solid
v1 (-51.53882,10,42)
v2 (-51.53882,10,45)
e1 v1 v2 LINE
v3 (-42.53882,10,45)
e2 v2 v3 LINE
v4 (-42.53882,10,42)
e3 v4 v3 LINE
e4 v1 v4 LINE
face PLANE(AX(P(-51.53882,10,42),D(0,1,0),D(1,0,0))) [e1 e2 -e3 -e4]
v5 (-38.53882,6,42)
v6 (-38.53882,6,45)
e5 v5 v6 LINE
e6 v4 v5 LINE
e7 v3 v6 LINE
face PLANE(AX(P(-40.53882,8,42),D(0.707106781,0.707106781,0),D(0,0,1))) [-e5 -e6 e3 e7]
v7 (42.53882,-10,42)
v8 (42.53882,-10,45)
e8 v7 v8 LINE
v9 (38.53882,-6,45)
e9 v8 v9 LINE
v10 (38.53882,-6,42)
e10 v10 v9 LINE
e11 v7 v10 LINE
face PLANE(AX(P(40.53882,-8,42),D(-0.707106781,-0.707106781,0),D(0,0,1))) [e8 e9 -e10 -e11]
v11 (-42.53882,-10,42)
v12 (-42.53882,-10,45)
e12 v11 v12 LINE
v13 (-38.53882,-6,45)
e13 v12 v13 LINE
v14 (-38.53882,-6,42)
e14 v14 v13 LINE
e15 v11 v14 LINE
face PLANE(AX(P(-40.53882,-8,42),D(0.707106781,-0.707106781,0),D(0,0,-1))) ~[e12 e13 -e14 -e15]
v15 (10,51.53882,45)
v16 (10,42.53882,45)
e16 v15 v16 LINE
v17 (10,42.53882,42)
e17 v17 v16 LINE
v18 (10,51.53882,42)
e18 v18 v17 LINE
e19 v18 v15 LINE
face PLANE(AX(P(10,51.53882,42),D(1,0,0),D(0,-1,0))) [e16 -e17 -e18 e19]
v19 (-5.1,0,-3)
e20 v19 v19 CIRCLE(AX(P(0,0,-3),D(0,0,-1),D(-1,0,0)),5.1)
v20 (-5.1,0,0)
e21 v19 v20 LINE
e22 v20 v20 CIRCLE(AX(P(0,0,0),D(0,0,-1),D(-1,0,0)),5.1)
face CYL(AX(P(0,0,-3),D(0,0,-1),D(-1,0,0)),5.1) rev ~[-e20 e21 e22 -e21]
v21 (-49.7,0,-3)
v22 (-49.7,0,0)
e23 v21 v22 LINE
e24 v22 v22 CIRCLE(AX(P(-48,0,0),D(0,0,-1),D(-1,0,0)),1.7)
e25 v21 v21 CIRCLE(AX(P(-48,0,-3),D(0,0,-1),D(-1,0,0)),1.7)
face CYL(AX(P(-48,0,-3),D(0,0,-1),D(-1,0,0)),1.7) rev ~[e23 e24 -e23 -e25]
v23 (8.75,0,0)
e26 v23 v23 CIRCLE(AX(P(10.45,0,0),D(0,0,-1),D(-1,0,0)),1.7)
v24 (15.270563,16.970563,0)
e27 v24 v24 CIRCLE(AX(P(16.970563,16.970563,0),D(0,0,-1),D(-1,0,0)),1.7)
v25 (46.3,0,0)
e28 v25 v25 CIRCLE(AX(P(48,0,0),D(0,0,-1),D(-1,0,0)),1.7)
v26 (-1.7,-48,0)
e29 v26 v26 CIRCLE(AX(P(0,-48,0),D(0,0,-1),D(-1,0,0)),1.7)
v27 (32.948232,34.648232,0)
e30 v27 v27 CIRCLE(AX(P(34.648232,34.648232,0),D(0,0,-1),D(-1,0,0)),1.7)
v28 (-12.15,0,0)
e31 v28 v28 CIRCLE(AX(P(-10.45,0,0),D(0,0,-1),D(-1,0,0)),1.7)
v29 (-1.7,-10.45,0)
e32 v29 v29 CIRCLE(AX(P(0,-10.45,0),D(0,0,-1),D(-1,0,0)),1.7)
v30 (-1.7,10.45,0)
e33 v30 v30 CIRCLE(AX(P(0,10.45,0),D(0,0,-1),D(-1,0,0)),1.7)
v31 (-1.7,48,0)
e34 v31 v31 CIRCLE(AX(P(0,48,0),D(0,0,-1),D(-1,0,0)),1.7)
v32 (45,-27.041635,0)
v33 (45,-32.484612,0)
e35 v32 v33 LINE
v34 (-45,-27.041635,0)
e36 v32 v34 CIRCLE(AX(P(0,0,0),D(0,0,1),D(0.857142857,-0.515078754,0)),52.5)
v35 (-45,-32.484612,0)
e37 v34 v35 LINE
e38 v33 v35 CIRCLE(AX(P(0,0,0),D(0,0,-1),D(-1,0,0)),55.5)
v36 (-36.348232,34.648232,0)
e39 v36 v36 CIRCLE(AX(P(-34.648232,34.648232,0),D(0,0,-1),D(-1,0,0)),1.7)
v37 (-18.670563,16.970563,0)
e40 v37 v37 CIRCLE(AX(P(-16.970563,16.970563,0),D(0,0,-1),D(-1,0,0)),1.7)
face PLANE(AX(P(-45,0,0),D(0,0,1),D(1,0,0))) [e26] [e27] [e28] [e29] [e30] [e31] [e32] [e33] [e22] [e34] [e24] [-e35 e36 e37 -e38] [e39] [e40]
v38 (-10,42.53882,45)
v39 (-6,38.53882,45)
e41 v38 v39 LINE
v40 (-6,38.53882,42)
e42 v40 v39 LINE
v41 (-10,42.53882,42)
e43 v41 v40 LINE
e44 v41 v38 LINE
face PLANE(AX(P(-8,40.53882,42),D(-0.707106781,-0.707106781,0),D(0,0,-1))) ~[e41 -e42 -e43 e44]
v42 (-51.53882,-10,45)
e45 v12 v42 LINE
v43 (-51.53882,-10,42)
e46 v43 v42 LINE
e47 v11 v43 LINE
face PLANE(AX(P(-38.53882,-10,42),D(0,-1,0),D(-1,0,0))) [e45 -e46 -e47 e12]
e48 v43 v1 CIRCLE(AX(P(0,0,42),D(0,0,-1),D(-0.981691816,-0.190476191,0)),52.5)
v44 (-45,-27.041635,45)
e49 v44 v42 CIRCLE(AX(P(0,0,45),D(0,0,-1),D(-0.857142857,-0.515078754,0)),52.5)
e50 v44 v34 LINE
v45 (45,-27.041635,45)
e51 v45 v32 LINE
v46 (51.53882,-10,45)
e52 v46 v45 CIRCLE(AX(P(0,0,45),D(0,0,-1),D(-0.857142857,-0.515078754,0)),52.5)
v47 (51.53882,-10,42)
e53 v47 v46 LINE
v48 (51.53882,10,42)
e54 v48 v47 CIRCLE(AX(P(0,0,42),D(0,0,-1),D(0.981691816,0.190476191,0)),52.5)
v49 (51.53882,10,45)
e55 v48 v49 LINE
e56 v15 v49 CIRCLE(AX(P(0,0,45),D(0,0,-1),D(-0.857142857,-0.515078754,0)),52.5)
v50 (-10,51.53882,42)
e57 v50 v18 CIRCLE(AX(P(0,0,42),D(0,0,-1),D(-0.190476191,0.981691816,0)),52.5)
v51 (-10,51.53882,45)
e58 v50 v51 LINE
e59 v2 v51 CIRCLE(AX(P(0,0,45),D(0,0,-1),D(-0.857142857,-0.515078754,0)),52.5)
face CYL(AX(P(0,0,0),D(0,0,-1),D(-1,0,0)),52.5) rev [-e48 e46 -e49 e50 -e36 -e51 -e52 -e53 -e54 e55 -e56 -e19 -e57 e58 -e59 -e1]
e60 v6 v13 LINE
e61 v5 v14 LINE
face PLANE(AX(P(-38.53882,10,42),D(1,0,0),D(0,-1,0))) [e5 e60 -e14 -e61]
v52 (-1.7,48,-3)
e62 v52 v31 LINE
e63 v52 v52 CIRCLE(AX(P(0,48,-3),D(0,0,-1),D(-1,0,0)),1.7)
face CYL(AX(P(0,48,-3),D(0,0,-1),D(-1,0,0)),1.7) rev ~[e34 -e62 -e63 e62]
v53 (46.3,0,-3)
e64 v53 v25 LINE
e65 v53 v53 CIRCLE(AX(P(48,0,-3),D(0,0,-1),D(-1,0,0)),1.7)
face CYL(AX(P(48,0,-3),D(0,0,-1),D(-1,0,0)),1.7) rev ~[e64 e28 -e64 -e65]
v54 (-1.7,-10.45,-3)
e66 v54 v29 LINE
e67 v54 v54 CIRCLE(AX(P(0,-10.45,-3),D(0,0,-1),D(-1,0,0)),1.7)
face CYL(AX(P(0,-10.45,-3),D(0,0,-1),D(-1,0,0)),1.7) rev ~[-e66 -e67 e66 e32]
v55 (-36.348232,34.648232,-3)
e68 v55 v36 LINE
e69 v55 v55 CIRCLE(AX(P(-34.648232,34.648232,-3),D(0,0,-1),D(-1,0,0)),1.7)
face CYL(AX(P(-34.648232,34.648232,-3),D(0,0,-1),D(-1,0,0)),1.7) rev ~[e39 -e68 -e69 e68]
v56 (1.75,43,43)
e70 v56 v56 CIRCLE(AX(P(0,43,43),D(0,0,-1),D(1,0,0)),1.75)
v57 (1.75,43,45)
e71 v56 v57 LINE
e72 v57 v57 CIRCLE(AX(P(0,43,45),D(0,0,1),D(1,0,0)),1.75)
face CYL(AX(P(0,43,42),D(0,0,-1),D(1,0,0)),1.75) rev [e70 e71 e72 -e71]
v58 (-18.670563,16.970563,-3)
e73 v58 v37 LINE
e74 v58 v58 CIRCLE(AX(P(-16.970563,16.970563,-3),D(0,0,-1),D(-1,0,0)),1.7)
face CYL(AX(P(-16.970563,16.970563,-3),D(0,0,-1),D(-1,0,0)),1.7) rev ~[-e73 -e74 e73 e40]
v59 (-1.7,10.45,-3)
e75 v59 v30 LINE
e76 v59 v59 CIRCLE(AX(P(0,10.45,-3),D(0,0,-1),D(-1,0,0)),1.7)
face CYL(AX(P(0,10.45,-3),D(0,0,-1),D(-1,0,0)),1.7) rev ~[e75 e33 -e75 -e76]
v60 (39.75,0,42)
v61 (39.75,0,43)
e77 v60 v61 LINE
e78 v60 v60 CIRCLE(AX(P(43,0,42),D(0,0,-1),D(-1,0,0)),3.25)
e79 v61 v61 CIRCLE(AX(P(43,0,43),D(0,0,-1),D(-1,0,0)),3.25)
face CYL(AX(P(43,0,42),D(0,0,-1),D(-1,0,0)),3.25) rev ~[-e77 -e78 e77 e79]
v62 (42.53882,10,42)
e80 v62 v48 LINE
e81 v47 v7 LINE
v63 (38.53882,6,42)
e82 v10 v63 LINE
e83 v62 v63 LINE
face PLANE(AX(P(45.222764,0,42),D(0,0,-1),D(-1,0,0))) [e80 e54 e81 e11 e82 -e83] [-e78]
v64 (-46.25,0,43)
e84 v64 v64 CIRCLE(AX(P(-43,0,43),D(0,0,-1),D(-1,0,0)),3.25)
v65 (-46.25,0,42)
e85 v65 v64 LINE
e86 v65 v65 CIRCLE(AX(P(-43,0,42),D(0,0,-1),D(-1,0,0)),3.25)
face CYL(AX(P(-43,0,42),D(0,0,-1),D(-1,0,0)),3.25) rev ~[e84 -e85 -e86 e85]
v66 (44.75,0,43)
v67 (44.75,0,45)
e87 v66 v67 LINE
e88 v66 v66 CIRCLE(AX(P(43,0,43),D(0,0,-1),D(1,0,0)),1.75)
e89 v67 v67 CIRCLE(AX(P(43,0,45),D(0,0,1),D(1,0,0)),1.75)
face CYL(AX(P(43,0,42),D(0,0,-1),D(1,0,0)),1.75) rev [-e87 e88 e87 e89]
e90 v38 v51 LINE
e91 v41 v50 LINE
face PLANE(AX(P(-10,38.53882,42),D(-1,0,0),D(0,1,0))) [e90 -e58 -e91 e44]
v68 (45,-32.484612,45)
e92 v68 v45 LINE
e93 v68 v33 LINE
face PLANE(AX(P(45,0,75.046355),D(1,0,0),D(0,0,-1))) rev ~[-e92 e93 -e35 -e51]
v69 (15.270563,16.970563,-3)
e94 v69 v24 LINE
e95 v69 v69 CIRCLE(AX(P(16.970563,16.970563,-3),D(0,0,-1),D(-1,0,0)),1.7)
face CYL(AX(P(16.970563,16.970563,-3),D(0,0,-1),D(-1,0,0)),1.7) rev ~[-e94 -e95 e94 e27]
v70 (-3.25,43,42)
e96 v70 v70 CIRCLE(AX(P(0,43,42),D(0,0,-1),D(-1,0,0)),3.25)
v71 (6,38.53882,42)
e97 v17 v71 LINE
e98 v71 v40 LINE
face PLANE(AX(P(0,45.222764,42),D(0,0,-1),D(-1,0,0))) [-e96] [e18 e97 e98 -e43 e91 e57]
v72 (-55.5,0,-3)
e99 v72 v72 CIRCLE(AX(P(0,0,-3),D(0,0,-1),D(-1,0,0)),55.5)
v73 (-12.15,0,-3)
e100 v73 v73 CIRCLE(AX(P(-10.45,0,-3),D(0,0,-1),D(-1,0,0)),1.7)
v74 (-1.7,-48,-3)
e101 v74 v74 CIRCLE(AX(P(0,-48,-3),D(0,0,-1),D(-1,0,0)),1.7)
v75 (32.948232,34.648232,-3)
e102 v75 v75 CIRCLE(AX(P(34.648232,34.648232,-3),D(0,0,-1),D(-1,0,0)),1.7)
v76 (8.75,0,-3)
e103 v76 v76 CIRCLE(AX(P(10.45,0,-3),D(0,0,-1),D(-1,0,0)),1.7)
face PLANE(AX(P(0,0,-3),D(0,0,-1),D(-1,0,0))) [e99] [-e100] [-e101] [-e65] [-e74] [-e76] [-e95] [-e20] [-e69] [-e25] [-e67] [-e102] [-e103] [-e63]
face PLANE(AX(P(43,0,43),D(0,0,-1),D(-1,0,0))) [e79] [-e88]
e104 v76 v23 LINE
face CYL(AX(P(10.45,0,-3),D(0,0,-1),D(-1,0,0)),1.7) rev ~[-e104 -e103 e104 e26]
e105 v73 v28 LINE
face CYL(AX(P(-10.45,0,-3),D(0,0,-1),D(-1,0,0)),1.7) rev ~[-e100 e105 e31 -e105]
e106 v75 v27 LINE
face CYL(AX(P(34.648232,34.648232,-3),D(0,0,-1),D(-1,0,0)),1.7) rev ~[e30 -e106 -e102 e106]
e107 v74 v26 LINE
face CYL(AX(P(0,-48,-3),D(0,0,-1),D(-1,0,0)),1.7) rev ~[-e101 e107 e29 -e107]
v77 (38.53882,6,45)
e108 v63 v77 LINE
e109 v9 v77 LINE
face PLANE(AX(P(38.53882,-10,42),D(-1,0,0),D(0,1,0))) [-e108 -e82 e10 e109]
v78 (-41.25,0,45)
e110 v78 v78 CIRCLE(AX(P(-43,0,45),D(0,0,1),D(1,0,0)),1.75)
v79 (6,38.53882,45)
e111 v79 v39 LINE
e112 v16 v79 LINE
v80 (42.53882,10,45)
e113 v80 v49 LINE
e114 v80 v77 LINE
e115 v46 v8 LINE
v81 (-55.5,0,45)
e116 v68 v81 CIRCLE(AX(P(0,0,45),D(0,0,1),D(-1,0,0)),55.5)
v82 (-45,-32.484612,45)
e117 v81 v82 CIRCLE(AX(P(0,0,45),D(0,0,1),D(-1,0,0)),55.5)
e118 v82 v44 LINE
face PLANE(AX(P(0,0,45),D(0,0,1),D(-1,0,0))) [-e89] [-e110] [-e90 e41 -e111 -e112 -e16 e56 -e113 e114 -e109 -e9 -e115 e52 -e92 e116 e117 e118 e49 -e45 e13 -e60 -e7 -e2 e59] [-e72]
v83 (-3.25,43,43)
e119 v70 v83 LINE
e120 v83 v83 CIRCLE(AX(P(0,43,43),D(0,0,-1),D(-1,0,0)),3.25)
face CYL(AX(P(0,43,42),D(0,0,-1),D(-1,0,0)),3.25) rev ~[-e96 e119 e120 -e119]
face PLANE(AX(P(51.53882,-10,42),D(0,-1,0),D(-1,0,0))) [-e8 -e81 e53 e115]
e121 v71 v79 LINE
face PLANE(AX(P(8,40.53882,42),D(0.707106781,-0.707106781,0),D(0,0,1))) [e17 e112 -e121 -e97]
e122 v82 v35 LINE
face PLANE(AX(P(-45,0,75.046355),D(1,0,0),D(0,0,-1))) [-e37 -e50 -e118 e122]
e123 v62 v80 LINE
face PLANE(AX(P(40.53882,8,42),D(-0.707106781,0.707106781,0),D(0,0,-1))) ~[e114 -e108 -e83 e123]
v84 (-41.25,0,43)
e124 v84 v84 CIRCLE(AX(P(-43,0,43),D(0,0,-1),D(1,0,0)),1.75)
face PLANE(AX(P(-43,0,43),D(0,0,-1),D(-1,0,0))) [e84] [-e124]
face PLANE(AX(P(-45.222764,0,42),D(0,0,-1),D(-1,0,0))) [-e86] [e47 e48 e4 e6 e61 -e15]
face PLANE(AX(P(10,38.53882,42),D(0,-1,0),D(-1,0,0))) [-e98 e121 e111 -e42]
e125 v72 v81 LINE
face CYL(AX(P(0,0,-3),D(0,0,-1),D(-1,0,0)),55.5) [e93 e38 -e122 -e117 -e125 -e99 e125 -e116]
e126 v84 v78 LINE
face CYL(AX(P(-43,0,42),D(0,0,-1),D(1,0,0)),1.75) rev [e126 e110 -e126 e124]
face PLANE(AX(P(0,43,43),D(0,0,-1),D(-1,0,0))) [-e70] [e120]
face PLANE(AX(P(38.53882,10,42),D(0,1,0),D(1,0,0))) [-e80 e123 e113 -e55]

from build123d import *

# Parameters (mm, degrees)
SKETCH1_R           = 55.5
SKETCH1_R_2         = 52.5
BOSS_EXTRUDE1_DEPTH = 45
BOSS_EXTRUDE2_START = 3
SKETCH2_R           = 55.5
SKETCH2_R_2         = 5.1
SKETCH2_R_3         = 1.7
BOSS_EXTRUDE2_DEPTH = 3
SKETCH3_W           = 90
SKETCH3_H           = 75.046354864
CUT_EXTRUDE1_DEPTH  = 91.4737531
BOSS_EXTRUDE3_START = -3
SKETCH4_R           = 1.75
BOSS_EXTRUDE3_DEPTH = 3
CHAMFER1_SIZE       = 4
SKETCH8_R           = 1.7
CUT_EXTRUDE2_DEPTH  = 10
SKETCH9_R           = 3.25
CUT_EXTRUDE3_DEPTH  = 1


with BuildPart() as part:
    # Sketch1 → Boss-Extrude1 (new body)
    with BuildSketch(Plane.XY):
        with Locations(Location((0, 0, 0), (0, 0, 180))):
            Circle(SKETCH1_R)
        with Locations(Location((0, 0, 0), (0, 0, 180))):
            Circle(SKETCH1_R_2, mode=Mode.SUBTRACT)
    extrude(amount=BOSS_EXTRUDE1_DEPTH)

    # Sketch2 → Boss-Extrude2 (add)
    with BuildSketch(Plane(origin=(0, 0, 0), x_dir=(-1, 0, 0), z_dir=(0, 0, -1)).offset(BOSS_EXTRUDE2_START)):
        Circle(SKETCH2_R)
        Circle(SKETCH2_R_2, mode=Mode.SUBTRACT)
        with Locations((-10.45, 0)):
            Circle(SKETCH2_R_3, mode=Mode.SUBTRACT)
        with Locations((10.45, 0)):
            Circle(SKETCH2_R_3, mode=Mode.SUBTRACT)
        with Locations((0, 10.45)):
            Circle(SKETCH2_R_3, mode=Mode.SUBTRACT)
        with Locations((0, -10.45)):
            Circle(SKETCH2_R_3, mode=Mode.SUBTRACT)
    extrude(amount=-BOSS_EXTRUDE2_DEPTH)

    # Sketch3 → Cut-Extrude1 (cut, through all)
    with BuildSketch(Plane(origin=(0, 0, 0), x_dir=(1, 0, 0), z_dir=(0, 1, 0))):
        with Locations((0, -37.523177432)):
            Rectangle(SKETCH3_W, SKETCH3_H)
    extrude(amount=-CUT_EXTRUDE1_DEPTH, mode=Mode.SUBTRACT)

    # Sketch4 → Boss-Extrude3 (add)
    # profile 1 of 3: a face of its own
    with BuildSketch(Plane.XY.offset(45).offset(BOSS_EXTRUDE3_START)):
        with BuildLine():
            Line((51.53882032, -10), (38.53882032, -10))
            Line((38.53882032, -10), (38.53882032, 10))
            Line((38.53882032, 10), (51.53882032, 10))
            ThreePointArc((51.53882032, 10), (52.5, 0), (51.53882032, -10))
        make_face()
        with Locations((43, 0)):
            Circle(SKETCH4_R, mode=Mode.SUBTRACT)
    # profile 2 of 3: a face of its own
    with BuildSketch(Plane.XY.offset(45).offset(BOSS_EXTRUDE3_START)):
        with BuildLine():
            Line((-51.53882032, 10), (-38.53882032, 10))
            Line((-38.53882032, 10), (-38.53882032, -10))
            Line((-38.53882032, -10), (-51.53882032, -10))
            ThreePointArc((-51.53882032, -10), (-52.5, 0), (-51.53882032, 10))
        make_face()
        with Locations((-43, 0)):
            Circle(SKETCH4_R, mode=Mode.SUBTRACT)
    # profile 3 of 3: a face of its own
    with BuildSketch(Plane.XY.offset(45).offset(BOSS_EXTRUDE3_START)):
        with BuildLine():
            Line((10, 51.53882032), (10, 38.53882032))
            Line((10, 38.53882032), (-10, 38.53882032))
            Line((-10, 38.53882032), (-10, 51.53882032))
            ThreePointArc((-10, 51.53882032), (0, 52.5), (10, 51.53882032))
        make_face()
        with Locations((0, 43)):
            Circle(SKETCH4_R, mode=Mode.SUBTRACT)
    extrude(amount=BOSS_EXTRUDE3_DEPTH)

    # Chamfer1
    chamfer1_edges = [part.edges().sort_by_distance(p)[0] for p in [
        (38.53882032, -10, 43.5),
        (38.53882032, 10, 43.5),
        (-38.53882032, 10, 43.5),
        (-38.53882032, -10, 43.5),
        (10, 38.53882032, 43.5),
        (-10, 38.53882032, 43.5),
    ]]
    chamfer(chamfer1_edges, length=CHAMFER1_SIZE)

    # Sketch8 → Cut-Extrude2 (cut)
    with BuildSketch(Plane(origin=(0, 0, -3), x_dir=(-1, 0, 0), z_dir=(0, 0, -1))):
        with Locations((34.648232278, 34.648232278)):
            Circle(SKETCH8_R)
        with Locations((16.970562748, 16.970562748)):
            Circle(SKETCH8_R)
        with Locations((-16.970562748, 16.970562748)):
            Circle(SKETCH8_R)
        with Locations((-34.648232278, 34.648232278)):
            Circle(SKETCH8_R)
        with Locations((0, -48)):
            Circle(SKETCH8_R)
        with Locations((-48, 0)):
            Circle(SKETCH8_R)
        with Locations((0, 48)):
            Circle(SKETCH8_R)
        with Locations((48, 0)):
            Circle(SKETCH8_R)
    extrude(amount=-CUT_EXTRUDE2_DEPTH, mode=Mode.SUBTRACT)

    # Sketch9 → Cut-Extrude3 (cut)
    with BuildSketch(Plane(origin=(0, 0, 42), x_dir=(-1, 0, 0), z_dir=(0, 0, -1))):
        with Locations((-43, 0)):
            Circle(SKETCH9_R)
        with Locations((0, 43)):
            Circle(SKETCH9_R)
        with Locations((43, 0)):
            Circle(SKETCH9_R)
    extrude(amount=-CUT_EXTRUDE3_DEPTH, mode=Mode.SUBTRACT)


solid = part.part
